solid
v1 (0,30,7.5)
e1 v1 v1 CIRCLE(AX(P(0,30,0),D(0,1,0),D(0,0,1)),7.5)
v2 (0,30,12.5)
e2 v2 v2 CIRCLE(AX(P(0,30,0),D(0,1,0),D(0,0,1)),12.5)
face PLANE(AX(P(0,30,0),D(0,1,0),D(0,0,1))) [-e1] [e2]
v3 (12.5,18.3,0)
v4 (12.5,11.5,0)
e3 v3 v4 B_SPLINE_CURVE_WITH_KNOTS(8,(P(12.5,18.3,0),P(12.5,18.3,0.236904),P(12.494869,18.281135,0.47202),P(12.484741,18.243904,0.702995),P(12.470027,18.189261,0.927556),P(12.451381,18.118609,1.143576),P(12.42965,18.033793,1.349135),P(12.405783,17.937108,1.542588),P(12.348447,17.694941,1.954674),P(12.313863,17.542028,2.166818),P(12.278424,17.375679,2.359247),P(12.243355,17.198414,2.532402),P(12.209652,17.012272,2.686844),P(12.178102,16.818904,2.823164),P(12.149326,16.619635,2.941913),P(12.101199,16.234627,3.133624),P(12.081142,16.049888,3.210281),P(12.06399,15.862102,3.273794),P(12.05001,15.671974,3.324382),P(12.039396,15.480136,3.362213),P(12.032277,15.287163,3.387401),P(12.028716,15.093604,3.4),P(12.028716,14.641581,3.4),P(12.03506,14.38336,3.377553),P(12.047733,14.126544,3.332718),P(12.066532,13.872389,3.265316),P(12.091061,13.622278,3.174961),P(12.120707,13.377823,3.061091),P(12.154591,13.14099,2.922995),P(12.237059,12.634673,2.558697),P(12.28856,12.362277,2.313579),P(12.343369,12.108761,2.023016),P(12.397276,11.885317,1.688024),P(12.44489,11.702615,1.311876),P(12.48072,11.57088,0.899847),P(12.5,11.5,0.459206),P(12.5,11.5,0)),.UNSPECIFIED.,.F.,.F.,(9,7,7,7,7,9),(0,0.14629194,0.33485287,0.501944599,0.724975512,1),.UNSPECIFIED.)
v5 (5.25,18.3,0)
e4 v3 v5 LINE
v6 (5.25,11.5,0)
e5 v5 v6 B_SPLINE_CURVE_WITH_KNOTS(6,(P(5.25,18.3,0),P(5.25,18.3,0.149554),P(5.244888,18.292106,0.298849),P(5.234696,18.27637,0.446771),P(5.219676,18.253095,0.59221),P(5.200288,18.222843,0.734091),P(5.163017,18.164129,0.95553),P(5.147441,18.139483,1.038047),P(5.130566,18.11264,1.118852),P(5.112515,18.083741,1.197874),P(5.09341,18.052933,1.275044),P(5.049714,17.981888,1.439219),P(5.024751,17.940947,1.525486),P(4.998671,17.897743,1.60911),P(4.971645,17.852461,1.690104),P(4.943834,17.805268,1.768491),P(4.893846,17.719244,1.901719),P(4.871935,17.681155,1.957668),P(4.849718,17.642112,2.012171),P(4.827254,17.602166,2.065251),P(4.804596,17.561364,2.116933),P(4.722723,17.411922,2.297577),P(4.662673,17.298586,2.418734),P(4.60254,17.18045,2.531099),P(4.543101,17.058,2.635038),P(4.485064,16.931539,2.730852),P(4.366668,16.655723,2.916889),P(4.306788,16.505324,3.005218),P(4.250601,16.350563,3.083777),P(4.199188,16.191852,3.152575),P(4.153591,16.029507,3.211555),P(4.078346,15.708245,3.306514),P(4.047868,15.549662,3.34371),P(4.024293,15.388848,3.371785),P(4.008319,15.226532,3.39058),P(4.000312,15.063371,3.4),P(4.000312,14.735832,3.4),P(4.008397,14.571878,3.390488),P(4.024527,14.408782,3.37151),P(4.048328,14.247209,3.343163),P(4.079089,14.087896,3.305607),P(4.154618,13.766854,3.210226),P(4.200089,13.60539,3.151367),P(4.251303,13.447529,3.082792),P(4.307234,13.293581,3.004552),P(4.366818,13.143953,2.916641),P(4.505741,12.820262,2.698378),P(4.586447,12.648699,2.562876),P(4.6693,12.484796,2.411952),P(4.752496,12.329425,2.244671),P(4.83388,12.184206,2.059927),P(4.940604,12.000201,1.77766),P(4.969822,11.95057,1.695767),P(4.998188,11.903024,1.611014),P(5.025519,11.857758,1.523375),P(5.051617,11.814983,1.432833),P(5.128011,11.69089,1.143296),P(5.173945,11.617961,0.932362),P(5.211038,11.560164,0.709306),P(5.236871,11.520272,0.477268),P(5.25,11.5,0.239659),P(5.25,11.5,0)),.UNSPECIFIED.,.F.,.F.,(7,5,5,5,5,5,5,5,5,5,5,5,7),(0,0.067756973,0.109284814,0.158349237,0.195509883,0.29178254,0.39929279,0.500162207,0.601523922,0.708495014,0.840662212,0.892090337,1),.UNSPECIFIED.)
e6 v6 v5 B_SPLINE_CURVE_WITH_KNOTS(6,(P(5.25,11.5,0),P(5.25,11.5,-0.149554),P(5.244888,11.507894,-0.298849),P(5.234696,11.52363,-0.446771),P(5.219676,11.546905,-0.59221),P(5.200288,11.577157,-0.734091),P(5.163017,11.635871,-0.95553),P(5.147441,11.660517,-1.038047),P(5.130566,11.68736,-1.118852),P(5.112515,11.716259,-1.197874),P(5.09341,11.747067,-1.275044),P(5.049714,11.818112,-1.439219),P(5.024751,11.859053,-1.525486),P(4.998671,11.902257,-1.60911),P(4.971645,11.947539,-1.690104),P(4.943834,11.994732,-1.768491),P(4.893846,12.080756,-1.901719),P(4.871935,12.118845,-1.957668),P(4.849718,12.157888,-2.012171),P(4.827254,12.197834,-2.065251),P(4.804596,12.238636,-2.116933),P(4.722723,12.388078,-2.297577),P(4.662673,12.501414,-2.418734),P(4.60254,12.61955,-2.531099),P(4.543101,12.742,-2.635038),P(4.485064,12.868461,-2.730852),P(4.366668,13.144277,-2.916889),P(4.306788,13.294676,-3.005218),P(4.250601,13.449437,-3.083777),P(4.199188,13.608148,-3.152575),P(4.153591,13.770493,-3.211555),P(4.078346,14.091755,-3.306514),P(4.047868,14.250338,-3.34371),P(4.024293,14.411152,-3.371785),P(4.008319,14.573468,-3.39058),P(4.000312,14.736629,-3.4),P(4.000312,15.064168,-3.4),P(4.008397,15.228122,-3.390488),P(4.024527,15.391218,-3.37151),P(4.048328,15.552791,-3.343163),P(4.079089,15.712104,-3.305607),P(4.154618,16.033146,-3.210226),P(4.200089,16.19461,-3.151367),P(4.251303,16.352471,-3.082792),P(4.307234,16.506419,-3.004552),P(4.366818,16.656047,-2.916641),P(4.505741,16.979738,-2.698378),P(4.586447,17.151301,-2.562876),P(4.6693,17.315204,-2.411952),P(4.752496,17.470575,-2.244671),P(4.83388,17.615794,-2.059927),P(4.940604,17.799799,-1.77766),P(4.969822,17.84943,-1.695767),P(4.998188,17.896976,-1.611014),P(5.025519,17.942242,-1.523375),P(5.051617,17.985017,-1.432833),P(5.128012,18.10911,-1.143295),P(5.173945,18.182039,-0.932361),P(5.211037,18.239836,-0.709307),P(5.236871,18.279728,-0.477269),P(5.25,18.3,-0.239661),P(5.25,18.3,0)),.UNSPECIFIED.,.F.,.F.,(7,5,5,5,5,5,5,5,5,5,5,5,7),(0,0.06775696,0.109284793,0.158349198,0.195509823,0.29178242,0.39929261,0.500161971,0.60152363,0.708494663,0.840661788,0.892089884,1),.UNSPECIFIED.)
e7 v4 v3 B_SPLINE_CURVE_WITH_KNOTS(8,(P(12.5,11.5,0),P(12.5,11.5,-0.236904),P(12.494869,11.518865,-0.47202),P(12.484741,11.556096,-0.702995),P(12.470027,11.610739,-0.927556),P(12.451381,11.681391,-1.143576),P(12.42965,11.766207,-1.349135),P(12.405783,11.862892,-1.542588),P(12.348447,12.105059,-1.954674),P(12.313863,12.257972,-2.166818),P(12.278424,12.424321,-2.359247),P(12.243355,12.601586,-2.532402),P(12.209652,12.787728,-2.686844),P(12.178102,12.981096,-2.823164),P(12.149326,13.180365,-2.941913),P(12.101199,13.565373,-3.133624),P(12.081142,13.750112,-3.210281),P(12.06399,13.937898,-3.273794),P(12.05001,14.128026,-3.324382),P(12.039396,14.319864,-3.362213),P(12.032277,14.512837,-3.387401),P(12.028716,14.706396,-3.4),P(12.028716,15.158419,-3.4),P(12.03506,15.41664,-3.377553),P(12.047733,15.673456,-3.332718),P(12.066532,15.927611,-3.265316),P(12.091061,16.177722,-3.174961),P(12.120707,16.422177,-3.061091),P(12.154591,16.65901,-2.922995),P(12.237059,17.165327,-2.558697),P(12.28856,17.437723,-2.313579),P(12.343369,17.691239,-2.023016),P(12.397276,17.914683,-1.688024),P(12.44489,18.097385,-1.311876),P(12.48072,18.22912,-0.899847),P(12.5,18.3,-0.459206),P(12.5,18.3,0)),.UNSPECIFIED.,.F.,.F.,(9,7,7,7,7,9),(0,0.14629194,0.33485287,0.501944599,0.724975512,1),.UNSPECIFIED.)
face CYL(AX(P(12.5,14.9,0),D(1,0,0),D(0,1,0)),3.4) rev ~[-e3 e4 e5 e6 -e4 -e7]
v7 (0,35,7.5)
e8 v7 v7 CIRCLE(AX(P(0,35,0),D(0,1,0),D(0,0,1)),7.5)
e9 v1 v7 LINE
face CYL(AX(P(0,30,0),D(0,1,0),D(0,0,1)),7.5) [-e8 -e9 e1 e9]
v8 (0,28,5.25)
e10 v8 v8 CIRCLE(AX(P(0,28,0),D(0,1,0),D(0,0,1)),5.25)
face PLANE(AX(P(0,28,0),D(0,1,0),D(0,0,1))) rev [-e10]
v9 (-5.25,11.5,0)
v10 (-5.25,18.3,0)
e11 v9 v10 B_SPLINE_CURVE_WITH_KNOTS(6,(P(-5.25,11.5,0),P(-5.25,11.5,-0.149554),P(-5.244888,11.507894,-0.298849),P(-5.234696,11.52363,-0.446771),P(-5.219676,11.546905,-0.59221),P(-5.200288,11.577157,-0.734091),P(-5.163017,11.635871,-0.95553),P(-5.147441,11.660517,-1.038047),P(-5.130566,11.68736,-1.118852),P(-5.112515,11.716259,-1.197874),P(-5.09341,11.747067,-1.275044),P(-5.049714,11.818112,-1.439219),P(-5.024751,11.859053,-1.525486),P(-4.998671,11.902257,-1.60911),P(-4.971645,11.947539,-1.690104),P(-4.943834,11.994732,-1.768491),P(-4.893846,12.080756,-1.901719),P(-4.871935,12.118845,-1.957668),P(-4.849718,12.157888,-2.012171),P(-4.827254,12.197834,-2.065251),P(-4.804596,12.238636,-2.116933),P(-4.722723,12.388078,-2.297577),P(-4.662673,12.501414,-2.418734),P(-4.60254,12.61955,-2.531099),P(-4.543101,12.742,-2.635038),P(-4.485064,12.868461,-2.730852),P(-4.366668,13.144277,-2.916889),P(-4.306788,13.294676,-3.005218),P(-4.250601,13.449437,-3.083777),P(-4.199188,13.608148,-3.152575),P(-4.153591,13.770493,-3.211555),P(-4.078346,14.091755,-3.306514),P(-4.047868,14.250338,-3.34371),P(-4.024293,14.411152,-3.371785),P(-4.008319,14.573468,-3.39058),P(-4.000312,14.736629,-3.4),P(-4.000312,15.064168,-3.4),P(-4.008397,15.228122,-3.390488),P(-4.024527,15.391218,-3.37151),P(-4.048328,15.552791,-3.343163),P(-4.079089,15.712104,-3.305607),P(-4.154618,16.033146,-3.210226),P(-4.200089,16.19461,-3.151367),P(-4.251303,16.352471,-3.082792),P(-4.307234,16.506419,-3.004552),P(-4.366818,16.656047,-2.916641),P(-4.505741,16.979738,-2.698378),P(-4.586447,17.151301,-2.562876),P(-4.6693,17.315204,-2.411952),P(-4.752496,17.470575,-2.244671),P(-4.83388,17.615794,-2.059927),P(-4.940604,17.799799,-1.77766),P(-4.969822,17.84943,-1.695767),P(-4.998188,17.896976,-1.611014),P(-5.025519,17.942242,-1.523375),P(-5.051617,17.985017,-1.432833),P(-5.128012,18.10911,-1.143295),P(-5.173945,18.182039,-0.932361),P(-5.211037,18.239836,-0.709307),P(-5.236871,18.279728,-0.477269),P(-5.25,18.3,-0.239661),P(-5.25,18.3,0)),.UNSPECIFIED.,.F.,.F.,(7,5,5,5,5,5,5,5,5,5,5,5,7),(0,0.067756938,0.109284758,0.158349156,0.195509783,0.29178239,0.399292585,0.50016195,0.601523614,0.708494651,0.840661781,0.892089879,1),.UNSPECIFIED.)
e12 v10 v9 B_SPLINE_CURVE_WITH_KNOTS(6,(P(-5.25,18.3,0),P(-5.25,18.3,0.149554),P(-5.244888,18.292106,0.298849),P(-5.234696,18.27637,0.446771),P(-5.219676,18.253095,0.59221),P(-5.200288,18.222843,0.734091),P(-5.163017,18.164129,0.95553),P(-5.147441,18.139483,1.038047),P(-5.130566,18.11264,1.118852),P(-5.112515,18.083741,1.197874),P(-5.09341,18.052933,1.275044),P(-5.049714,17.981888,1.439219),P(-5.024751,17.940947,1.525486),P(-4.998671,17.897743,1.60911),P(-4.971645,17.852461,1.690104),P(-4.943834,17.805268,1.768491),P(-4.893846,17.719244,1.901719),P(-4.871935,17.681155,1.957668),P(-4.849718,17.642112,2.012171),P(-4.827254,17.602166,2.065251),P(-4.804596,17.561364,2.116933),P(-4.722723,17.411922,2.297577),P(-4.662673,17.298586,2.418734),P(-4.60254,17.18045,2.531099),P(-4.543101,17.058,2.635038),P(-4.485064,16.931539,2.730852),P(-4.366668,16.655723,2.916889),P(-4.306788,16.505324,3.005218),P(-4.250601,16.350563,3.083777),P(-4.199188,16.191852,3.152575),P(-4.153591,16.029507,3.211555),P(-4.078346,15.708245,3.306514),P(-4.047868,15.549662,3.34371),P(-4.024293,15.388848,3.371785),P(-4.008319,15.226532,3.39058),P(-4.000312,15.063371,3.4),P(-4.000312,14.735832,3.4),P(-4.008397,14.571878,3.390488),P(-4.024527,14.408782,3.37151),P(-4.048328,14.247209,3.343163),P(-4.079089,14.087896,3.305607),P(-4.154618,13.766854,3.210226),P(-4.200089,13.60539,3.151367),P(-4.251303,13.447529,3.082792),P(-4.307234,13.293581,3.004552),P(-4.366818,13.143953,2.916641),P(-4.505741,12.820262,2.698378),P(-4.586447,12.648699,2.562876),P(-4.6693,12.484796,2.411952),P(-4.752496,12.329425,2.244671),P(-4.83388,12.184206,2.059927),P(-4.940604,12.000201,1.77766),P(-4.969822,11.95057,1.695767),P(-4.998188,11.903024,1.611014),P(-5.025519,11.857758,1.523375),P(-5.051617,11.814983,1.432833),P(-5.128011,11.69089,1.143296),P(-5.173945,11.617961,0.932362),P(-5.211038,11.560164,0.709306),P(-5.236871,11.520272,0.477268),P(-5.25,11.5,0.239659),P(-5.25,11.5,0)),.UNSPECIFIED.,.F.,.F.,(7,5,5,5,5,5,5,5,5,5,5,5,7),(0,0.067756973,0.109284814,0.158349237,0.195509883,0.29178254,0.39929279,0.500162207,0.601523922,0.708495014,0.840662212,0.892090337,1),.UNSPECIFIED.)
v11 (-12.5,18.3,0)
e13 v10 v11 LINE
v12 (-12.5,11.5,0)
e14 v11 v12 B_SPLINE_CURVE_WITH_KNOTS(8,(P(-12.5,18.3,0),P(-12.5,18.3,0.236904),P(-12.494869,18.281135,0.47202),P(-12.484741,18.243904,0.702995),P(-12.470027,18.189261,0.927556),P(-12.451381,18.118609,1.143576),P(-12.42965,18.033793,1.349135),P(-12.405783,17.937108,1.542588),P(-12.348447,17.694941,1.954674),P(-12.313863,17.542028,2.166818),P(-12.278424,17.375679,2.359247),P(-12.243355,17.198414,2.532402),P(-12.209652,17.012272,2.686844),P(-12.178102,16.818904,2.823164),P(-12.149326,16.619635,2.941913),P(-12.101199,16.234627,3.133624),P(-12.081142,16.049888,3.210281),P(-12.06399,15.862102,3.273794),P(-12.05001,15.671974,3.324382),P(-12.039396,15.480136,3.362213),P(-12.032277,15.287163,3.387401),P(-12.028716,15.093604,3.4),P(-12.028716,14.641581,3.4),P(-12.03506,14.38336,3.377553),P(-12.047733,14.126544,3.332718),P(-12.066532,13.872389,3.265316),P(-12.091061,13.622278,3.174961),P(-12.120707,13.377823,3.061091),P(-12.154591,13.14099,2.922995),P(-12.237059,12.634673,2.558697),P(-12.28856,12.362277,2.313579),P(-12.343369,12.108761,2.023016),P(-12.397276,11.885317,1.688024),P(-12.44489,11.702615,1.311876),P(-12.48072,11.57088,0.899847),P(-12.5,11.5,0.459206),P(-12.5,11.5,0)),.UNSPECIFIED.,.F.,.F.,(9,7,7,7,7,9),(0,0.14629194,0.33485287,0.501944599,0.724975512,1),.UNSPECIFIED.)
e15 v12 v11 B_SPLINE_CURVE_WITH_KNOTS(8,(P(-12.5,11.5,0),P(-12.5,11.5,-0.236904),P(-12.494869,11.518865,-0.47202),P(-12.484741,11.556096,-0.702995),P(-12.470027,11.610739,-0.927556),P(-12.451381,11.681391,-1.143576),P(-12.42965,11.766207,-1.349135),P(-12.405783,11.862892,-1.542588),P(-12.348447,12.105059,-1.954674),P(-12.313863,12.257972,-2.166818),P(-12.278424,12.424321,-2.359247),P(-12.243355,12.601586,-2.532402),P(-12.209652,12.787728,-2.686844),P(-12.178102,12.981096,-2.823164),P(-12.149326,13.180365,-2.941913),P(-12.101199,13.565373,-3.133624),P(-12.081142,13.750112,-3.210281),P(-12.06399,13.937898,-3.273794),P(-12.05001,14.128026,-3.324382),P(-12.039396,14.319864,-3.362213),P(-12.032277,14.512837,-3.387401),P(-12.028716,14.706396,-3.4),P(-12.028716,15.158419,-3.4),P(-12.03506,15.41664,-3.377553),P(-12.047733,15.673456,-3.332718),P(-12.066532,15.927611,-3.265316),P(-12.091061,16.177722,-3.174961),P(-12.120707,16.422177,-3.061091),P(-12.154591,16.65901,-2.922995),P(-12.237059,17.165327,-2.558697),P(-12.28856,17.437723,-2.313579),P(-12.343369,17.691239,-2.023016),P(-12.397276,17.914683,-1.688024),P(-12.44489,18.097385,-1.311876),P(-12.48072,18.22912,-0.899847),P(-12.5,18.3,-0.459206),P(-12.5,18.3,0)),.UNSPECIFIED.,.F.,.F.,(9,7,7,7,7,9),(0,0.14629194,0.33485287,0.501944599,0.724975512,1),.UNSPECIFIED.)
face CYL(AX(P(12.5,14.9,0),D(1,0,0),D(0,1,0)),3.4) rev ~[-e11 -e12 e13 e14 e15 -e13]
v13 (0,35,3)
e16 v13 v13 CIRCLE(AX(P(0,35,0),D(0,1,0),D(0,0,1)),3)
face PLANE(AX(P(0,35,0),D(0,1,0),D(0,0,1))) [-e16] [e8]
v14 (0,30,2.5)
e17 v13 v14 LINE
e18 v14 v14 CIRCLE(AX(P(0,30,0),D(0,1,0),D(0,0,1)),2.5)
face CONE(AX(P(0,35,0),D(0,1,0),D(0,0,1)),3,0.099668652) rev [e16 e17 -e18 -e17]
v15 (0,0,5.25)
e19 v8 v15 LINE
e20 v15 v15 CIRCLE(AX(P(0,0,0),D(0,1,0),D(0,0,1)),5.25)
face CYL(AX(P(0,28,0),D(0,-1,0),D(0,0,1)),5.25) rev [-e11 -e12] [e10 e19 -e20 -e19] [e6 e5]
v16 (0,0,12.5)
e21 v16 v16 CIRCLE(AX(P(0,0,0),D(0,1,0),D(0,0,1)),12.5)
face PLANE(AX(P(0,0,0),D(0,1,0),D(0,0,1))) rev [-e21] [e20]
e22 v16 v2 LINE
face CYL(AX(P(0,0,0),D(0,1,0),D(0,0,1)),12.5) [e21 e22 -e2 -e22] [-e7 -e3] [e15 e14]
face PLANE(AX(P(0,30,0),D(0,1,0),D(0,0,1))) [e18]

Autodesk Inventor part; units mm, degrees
ref_plane "XZ Plane" through (0, 0, 0) normal (0, 1, 0) x (-1, 0, 0)
ref_plane "XY Plane" through (0, 0, 0) normal (0, 0, 1) x (1, 0, 0)
sketch "Sketch1" plane through (0, 0, 0) normal (1, 0, 0) x (0, 1, 0)
  line L0 (0, 0) -> (50, 0)
  line L1 (0, 5.25) -> (0, 12.5)
  line L2 (0, 12.5) -> (30, 12.5)
  line L3 (30, 12.5) -> (30, 7.5)
  line L4 (30, 7.5) -> (35, 7.5)
  line L5 (35, 7.5) -> (35, 3)
  line L6 (35, 3) -> (30, 2.5)
  line L7 (30, 2.5) -> (30, 0)
  line L8 (28, 0) -> (28, 5.25)
  line L9 (28, 5.25) -> (0, 5.25)
  line L10 (0, -2.5) -> (0, 15) projected
  dimension "d0" = 50
  dimension "d2" = 25
  dimension "d3" = 10.5
  dimension "d4" = 5
  dimension "d5" = 6
  dimension "d6" = 15
  dimension "d7" = 30
  dimension "d8" = 35
  dimension "d9" = 28
revolve "Revolution1" add sketch "Sketch1" angle 360 about axis through (0, 0, 0) along (0, 1, 0) contours L8 L9 L1 L2 L3 L4 L5 L6 L7 L0
ref_plane "Work Plane1" through (12.5, 15, 0) normal (1, 0, 0) x (0, 1, 0)
sketch "Sketch2" plane through (12.5, 15, 0) normal (1, 0, 0) x (0, 1, 0)
  line L0 (-15, 0) -> (-0.1, 0)
  circle A0 centre (-0.1, 0) radius 3.4
  dimension "d11" = 14.9
  dimension "d12" = 6.8
extrude "Extrusion1" cut sketch "Sketch2" against normal through all
properties part number "StuurPotentiometerConnector2.0_3DPrint"
